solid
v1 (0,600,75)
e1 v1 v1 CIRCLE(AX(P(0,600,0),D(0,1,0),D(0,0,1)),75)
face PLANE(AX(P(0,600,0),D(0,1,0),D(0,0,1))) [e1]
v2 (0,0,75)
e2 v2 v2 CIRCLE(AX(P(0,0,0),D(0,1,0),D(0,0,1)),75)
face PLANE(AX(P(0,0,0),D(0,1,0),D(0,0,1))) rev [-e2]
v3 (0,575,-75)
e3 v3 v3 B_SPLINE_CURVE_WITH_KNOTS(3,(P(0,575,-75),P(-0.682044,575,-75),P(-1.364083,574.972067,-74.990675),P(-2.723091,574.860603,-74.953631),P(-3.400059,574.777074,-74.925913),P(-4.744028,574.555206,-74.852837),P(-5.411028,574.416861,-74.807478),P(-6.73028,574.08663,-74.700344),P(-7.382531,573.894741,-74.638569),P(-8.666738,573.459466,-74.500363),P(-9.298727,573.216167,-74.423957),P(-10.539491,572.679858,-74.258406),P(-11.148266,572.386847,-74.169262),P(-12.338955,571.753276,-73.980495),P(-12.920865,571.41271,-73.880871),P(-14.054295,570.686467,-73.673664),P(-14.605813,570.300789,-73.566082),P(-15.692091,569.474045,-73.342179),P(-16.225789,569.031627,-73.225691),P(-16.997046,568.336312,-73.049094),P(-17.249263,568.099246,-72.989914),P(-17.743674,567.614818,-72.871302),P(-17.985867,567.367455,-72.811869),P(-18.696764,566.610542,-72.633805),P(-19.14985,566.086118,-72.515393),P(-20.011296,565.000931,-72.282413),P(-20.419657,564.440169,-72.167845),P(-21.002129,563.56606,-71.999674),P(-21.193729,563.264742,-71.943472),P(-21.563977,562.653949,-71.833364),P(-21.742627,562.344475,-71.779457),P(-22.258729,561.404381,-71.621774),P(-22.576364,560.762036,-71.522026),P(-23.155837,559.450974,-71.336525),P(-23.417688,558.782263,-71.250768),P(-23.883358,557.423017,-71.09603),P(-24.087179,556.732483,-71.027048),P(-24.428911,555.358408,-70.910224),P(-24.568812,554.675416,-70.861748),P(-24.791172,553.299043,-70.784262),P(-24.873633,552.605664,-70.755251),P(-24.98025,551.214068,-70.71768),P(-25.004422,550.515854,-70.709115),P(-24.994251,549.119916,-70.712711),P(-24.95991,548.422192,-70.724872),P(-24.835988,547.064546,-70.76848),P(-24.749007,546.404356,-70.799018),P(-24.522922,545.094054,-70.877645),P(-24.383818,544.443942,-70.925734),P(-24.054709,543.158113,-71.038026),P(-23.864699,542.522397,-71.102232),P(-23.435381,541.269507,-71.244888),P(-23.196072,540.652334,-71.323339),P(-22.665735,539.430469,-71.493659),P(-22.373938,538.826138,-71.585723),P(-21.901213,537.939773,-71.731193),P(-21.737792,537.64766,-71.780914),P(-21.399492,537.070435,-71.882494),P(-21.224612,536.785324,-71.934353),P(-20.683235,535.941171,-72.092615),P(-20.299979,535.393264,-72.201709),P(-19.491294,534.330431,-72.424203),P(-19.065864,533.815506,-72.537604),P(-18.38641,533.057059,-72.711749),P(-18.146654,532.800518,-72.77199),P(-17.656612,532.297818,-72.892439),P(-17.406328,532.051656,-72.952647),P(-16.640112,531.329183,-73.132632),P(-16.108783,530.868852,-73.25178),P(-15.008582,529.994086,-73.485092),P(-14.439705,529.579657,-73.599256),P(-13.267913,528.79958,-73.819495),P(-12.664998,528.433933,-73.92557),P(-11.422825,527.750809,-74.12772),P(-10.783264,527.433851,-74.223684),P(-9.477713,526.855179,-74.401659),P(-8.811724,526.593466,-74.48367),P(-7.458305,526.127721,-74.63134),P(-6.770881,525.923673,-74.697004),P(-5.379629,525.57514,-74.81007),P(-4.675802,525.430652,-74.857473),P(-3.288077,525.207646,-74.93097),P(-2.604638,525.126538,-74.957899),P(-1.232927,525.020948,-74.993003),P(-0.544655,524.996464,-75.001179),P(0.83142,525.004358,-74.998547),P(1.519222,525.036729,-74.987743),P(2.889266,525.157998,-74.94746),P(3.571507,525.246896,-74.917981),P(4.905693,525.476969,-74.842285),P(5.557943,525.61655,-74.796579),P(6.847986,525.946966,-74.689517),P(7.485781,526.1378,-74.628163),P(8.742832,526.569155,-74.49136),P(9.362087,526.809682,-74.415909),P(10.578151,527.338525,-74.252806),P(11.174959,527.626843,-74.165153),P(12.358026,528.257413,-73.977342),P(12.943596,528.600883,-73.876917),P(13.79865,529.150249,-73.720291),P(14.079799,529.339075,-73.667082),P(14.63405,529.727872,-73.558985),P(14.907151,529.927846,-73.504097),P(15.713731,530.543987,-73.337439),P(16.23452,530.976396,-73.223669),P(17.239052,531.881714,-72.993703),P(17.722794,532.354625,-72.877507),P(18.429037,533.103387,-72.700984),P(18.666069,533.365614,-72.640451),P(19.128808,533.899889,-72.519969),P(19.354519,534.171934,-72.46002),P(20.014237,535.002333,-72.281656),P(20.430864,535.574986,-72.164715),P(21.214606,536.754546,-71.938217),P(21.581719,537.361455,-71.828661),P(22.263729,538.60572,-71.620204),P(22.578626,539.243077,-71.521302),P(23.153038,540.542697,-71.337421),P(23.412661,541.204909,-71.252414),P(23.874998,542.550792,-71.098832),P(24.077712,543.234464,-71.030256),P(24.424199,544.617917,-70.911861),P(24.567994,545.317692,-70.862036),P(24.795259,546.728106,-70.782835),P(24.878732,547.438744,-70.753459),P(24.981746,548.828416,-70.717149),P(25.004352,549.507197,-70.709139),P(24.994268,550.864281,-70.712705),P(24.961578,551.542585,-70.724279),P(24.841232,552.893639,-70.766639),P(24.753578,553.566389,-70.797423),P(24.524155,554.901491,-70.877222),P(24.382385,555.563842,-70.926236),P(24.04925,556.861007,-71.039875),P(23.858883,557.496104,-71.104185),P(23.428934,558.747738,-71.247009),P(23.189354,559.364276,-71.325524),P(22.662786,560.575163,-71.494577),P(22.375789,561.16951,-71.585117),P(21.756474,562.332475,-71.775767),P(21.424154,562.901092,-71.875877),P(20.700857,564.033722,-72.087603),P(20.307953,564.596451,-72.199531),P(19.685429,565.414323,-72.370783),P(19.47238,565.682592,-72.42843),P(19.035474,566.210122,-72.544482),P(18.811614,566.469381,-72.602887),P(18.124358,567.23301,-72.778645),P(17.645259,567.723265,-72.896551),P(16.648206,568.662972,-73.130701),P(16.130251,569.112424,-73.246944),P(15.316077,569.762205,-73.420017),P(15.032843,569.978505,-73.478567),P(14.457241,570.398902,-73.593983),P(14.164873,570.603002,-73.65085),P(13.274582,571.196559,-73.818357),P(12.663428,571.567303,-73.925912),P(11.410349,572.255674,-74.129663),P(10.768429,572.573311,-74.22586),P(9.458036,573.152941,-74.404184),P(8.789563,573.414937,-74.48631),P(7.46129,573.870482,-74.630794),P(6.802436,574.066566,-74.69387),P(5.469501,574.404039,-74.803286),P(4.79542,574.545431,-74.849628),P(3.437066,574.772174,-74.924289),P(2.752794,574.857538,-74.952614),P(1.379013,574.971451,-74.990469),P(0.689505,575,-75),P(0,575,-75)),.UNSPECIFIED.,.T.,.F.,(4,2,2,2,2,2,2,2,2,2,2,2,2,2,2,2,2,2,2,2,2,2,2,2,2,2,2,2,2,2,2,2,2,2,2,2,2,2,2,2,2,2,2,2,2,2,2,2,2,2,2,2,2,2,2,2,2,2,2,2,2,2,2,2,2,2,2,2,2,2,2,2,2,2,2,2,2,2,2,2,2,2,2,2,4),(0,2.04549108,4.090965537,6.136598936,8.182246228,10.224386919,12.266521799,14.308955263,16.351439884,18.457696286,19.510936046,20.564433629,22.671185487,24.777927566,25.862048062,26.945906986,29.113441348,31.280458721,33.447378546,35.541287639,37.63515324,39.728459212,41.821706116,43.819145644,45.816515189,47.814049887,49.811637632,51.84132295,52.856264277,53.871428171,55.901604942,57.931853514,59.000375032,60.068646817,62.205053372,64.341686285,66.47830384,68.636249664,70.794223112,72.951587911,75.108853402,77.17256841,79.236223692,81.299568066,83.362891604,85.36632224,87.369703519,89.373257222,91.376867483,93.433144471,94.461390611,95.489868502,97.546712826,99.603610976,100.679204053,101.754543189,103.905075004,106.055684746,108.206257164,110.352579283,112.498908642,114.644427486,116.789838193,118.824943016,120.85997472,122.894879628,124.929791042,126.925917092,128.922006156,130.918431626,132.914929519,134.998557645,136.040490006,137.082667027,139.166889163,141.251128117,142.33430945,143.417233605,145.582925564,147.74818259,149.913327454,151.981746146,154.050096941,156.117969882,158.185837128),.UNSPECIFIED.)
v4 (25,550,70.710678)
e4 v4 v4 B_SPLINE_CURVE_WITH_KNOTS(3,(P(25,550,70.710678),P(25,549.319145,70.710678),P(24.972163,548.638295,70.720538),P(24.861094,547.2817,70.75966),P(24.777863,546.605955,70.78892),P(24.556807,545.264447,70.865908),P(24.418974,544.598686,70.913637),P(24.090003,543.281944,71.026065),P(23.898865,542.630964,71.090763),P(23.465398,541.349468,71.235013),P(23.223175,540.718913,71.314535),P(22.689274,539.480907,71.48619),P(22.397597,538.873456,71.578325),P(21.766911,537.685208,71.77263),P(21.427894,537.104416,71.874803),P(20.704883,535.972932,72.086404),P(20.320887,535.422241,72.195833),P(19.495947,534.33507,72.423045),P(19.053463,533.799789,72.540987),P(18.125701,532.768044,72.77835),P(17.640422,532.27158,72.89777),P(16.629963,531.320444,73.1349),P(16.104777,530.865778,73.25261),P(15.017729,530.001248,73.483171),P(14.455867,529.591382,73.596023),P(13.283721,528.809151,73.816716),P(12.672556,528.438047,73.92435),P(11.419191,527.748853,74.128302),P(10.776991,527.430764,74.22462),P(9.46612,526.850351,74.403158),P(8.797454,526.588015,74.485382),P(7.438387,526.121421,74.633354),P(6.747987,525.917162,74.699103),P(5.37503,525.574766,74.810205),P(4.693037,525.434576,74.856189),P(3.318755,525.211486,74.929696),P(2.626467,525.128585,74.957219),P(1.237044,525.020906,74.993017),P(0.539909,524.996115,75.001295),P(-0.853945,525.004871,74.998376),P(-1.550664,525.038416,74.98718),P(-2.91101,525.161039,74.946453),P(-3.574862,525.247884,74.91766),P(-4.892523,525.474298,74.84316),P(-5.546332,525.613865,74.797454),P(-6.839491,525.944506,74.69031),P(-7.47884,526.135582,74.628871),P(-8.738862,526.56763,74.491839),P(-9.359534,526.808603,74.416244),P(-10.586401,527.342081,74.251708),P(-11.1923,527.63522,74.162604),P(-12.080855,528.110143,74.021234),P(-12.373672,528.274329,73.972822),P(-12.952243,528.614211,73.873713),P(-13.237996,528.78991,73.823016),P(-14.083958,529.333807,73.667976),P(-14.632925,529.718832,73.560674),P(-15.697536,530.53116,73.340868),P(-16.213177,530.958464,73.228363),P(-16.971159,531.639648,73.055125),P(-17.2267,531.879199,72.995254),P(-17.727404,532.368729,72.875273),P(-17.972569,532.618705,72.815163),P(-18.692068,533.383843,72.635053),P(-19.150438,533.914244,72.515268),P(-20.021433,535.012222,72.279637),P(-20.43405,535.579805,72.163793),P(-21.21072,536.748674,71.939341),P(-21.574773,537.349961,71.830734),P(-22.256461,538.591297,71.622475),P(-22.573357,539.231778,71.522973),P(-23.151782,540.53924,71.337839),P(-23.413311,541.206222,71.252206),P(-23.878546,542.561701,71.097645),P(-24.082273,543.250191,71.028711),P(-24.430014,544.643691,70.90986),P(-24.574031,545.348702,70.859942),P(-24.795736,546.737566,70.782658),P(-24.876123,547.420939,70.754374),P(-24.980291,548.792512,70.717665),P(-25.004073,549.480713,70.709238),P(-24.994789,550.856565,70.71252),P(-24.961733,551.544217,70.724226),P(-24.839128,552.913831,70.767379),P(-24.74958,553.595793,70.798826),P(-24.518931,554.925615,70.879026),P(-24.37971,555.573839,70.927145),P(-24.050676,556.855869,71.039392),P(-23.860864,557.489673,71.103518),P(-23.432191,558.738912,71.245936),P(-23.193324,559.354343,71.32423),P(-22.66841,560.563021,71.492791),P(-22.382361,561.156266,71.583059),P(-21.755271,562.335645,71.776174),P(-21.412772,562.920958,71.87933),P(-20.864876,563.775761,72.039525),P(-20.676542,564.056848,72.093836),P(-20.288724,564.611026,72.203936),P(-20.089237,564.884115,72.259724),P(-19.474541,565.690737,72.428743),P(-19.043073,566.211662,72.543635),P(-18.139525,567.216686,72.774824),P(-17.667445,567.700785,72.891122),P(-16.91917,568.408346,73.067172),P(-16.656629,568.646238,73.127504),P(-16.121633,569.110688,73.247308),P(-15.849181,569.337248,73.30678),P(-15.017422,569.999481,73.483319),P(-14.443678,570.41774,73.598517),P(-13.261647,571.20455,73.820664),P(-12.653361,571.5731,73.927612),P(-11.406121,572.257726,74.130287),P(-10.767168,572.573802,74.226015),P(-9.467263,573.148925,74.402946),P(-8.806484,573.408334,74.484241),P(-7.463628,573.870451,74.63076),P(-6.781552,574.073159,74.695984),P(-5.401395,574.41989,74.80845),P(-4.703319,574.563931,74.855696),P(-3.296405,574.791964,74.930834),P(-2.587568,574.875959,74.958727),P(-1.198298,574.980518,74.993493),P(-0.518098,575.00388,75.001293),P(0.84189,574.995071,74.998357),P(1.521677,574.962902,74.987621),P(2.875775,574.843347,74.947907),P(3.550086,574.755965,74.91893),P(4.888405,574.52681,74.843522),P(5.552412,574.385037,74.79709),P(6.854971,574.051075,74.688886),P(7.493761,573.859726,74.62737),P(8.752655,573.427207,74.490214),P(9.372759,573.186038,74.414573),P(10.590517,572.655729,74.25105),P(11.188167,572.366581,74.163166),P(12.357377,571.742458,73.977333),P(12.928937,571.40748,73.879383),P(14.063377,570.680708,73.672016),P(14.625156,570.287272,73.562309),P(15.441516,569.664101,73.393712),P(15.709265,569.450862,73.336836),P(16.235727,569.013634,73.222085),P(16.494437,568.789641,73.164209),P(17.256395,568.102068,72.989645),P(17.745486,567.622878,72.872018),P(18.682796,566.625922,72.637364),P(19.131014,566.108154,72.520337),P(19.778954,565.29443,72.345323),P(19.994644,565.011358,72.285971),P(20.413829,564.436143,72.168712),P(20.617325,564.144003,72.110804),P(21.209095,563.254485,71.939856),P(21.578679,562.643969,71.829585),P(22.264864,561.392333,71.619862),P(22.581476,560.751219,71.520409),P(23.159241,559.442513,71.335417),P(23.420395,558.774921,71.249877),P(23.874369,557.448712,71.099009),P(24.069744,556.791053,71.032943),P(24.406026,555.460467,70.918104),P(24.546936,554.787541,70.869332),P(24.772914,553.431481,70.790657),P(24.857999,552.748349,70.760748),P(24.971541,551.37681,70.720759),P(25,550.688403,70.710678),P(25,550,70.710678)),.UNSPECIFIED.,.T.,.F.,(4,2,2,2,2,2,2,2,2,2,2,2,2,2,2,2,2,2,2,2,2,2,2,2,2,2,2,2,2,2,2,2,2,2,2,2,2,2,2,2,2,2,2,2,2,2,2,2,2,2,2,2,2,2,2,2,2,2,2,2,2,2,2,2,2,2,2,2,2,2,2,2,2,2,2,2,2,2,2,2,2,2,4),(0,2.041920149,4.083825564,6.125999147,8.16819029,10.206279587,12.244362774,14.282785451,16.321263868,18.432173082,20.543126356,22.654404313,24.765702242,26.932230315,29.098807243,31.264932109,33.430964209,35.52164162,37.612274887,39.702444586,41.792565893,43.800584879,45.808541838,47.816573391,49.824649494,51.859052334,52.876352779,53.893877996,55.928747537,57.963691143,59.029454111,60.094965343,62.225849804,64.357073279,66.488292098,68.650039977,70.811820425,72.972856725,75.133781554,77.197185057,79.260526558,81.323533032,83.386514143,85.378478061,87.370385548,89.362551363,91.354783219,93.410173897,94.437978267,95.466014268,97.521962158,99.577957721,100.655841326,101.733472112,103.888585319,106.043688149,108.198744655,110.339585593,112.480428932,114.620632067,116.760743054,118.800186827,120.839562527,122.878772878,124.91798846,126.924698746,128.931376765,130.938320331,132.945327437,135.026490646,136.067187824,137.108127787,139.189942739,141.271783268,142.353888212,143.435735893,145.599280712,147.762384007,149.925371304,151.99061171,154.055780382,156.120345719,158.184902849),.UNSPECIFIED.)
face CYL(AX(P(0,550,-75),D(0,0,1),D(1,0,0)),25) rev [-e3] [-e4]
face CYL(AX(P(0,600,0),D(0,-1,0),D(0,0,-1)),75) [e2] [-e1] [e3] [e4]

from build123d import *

# Parameters (mm, degrees)
SKETCH_1_R               = 75
EXTRUDE_1_DEPTH          = 600
CUT_EXTRUDE_1_DEPTH      = 610.302880348
CUT_EXTRUDE_1_DEPTH_BACK = 610.302880348
SKETCH_3_R               = 25


with BuildPart() as part:
    # 草图1 → 凸台-拉伸1 (new body)
    with BuildSketch(Plane(origin=(0, 0, 0), x_dir=(1, 0, 0), z_dir=(0, 1, 0))):
        with Locations(Location((0, 0, 0), (0, 0, 270))):
            Circle(SKETCH_1_R)
    extrude(amount=EXTRUDE_1_DEPTH)

    # 草图3 → 切除-拉伸1 (cut, two sides: drawn at the far end of the back side and taken through both)
    with BuildSketch(Plane.XY.offset(-CUT_EXTRUDE_1_DEPTH_BACK)):
        with Locations(Location((0, 550, 0), (0, 0, 90.000000016))):
            Circle(SKETCH_3_R)
    extrude(amount=CUT_EXTRUDE_1_DEPTH + CUT_EXTRUDE_1_DEPTH_BACK, mode=Mode.SUBTRACT)


solid = part.part
